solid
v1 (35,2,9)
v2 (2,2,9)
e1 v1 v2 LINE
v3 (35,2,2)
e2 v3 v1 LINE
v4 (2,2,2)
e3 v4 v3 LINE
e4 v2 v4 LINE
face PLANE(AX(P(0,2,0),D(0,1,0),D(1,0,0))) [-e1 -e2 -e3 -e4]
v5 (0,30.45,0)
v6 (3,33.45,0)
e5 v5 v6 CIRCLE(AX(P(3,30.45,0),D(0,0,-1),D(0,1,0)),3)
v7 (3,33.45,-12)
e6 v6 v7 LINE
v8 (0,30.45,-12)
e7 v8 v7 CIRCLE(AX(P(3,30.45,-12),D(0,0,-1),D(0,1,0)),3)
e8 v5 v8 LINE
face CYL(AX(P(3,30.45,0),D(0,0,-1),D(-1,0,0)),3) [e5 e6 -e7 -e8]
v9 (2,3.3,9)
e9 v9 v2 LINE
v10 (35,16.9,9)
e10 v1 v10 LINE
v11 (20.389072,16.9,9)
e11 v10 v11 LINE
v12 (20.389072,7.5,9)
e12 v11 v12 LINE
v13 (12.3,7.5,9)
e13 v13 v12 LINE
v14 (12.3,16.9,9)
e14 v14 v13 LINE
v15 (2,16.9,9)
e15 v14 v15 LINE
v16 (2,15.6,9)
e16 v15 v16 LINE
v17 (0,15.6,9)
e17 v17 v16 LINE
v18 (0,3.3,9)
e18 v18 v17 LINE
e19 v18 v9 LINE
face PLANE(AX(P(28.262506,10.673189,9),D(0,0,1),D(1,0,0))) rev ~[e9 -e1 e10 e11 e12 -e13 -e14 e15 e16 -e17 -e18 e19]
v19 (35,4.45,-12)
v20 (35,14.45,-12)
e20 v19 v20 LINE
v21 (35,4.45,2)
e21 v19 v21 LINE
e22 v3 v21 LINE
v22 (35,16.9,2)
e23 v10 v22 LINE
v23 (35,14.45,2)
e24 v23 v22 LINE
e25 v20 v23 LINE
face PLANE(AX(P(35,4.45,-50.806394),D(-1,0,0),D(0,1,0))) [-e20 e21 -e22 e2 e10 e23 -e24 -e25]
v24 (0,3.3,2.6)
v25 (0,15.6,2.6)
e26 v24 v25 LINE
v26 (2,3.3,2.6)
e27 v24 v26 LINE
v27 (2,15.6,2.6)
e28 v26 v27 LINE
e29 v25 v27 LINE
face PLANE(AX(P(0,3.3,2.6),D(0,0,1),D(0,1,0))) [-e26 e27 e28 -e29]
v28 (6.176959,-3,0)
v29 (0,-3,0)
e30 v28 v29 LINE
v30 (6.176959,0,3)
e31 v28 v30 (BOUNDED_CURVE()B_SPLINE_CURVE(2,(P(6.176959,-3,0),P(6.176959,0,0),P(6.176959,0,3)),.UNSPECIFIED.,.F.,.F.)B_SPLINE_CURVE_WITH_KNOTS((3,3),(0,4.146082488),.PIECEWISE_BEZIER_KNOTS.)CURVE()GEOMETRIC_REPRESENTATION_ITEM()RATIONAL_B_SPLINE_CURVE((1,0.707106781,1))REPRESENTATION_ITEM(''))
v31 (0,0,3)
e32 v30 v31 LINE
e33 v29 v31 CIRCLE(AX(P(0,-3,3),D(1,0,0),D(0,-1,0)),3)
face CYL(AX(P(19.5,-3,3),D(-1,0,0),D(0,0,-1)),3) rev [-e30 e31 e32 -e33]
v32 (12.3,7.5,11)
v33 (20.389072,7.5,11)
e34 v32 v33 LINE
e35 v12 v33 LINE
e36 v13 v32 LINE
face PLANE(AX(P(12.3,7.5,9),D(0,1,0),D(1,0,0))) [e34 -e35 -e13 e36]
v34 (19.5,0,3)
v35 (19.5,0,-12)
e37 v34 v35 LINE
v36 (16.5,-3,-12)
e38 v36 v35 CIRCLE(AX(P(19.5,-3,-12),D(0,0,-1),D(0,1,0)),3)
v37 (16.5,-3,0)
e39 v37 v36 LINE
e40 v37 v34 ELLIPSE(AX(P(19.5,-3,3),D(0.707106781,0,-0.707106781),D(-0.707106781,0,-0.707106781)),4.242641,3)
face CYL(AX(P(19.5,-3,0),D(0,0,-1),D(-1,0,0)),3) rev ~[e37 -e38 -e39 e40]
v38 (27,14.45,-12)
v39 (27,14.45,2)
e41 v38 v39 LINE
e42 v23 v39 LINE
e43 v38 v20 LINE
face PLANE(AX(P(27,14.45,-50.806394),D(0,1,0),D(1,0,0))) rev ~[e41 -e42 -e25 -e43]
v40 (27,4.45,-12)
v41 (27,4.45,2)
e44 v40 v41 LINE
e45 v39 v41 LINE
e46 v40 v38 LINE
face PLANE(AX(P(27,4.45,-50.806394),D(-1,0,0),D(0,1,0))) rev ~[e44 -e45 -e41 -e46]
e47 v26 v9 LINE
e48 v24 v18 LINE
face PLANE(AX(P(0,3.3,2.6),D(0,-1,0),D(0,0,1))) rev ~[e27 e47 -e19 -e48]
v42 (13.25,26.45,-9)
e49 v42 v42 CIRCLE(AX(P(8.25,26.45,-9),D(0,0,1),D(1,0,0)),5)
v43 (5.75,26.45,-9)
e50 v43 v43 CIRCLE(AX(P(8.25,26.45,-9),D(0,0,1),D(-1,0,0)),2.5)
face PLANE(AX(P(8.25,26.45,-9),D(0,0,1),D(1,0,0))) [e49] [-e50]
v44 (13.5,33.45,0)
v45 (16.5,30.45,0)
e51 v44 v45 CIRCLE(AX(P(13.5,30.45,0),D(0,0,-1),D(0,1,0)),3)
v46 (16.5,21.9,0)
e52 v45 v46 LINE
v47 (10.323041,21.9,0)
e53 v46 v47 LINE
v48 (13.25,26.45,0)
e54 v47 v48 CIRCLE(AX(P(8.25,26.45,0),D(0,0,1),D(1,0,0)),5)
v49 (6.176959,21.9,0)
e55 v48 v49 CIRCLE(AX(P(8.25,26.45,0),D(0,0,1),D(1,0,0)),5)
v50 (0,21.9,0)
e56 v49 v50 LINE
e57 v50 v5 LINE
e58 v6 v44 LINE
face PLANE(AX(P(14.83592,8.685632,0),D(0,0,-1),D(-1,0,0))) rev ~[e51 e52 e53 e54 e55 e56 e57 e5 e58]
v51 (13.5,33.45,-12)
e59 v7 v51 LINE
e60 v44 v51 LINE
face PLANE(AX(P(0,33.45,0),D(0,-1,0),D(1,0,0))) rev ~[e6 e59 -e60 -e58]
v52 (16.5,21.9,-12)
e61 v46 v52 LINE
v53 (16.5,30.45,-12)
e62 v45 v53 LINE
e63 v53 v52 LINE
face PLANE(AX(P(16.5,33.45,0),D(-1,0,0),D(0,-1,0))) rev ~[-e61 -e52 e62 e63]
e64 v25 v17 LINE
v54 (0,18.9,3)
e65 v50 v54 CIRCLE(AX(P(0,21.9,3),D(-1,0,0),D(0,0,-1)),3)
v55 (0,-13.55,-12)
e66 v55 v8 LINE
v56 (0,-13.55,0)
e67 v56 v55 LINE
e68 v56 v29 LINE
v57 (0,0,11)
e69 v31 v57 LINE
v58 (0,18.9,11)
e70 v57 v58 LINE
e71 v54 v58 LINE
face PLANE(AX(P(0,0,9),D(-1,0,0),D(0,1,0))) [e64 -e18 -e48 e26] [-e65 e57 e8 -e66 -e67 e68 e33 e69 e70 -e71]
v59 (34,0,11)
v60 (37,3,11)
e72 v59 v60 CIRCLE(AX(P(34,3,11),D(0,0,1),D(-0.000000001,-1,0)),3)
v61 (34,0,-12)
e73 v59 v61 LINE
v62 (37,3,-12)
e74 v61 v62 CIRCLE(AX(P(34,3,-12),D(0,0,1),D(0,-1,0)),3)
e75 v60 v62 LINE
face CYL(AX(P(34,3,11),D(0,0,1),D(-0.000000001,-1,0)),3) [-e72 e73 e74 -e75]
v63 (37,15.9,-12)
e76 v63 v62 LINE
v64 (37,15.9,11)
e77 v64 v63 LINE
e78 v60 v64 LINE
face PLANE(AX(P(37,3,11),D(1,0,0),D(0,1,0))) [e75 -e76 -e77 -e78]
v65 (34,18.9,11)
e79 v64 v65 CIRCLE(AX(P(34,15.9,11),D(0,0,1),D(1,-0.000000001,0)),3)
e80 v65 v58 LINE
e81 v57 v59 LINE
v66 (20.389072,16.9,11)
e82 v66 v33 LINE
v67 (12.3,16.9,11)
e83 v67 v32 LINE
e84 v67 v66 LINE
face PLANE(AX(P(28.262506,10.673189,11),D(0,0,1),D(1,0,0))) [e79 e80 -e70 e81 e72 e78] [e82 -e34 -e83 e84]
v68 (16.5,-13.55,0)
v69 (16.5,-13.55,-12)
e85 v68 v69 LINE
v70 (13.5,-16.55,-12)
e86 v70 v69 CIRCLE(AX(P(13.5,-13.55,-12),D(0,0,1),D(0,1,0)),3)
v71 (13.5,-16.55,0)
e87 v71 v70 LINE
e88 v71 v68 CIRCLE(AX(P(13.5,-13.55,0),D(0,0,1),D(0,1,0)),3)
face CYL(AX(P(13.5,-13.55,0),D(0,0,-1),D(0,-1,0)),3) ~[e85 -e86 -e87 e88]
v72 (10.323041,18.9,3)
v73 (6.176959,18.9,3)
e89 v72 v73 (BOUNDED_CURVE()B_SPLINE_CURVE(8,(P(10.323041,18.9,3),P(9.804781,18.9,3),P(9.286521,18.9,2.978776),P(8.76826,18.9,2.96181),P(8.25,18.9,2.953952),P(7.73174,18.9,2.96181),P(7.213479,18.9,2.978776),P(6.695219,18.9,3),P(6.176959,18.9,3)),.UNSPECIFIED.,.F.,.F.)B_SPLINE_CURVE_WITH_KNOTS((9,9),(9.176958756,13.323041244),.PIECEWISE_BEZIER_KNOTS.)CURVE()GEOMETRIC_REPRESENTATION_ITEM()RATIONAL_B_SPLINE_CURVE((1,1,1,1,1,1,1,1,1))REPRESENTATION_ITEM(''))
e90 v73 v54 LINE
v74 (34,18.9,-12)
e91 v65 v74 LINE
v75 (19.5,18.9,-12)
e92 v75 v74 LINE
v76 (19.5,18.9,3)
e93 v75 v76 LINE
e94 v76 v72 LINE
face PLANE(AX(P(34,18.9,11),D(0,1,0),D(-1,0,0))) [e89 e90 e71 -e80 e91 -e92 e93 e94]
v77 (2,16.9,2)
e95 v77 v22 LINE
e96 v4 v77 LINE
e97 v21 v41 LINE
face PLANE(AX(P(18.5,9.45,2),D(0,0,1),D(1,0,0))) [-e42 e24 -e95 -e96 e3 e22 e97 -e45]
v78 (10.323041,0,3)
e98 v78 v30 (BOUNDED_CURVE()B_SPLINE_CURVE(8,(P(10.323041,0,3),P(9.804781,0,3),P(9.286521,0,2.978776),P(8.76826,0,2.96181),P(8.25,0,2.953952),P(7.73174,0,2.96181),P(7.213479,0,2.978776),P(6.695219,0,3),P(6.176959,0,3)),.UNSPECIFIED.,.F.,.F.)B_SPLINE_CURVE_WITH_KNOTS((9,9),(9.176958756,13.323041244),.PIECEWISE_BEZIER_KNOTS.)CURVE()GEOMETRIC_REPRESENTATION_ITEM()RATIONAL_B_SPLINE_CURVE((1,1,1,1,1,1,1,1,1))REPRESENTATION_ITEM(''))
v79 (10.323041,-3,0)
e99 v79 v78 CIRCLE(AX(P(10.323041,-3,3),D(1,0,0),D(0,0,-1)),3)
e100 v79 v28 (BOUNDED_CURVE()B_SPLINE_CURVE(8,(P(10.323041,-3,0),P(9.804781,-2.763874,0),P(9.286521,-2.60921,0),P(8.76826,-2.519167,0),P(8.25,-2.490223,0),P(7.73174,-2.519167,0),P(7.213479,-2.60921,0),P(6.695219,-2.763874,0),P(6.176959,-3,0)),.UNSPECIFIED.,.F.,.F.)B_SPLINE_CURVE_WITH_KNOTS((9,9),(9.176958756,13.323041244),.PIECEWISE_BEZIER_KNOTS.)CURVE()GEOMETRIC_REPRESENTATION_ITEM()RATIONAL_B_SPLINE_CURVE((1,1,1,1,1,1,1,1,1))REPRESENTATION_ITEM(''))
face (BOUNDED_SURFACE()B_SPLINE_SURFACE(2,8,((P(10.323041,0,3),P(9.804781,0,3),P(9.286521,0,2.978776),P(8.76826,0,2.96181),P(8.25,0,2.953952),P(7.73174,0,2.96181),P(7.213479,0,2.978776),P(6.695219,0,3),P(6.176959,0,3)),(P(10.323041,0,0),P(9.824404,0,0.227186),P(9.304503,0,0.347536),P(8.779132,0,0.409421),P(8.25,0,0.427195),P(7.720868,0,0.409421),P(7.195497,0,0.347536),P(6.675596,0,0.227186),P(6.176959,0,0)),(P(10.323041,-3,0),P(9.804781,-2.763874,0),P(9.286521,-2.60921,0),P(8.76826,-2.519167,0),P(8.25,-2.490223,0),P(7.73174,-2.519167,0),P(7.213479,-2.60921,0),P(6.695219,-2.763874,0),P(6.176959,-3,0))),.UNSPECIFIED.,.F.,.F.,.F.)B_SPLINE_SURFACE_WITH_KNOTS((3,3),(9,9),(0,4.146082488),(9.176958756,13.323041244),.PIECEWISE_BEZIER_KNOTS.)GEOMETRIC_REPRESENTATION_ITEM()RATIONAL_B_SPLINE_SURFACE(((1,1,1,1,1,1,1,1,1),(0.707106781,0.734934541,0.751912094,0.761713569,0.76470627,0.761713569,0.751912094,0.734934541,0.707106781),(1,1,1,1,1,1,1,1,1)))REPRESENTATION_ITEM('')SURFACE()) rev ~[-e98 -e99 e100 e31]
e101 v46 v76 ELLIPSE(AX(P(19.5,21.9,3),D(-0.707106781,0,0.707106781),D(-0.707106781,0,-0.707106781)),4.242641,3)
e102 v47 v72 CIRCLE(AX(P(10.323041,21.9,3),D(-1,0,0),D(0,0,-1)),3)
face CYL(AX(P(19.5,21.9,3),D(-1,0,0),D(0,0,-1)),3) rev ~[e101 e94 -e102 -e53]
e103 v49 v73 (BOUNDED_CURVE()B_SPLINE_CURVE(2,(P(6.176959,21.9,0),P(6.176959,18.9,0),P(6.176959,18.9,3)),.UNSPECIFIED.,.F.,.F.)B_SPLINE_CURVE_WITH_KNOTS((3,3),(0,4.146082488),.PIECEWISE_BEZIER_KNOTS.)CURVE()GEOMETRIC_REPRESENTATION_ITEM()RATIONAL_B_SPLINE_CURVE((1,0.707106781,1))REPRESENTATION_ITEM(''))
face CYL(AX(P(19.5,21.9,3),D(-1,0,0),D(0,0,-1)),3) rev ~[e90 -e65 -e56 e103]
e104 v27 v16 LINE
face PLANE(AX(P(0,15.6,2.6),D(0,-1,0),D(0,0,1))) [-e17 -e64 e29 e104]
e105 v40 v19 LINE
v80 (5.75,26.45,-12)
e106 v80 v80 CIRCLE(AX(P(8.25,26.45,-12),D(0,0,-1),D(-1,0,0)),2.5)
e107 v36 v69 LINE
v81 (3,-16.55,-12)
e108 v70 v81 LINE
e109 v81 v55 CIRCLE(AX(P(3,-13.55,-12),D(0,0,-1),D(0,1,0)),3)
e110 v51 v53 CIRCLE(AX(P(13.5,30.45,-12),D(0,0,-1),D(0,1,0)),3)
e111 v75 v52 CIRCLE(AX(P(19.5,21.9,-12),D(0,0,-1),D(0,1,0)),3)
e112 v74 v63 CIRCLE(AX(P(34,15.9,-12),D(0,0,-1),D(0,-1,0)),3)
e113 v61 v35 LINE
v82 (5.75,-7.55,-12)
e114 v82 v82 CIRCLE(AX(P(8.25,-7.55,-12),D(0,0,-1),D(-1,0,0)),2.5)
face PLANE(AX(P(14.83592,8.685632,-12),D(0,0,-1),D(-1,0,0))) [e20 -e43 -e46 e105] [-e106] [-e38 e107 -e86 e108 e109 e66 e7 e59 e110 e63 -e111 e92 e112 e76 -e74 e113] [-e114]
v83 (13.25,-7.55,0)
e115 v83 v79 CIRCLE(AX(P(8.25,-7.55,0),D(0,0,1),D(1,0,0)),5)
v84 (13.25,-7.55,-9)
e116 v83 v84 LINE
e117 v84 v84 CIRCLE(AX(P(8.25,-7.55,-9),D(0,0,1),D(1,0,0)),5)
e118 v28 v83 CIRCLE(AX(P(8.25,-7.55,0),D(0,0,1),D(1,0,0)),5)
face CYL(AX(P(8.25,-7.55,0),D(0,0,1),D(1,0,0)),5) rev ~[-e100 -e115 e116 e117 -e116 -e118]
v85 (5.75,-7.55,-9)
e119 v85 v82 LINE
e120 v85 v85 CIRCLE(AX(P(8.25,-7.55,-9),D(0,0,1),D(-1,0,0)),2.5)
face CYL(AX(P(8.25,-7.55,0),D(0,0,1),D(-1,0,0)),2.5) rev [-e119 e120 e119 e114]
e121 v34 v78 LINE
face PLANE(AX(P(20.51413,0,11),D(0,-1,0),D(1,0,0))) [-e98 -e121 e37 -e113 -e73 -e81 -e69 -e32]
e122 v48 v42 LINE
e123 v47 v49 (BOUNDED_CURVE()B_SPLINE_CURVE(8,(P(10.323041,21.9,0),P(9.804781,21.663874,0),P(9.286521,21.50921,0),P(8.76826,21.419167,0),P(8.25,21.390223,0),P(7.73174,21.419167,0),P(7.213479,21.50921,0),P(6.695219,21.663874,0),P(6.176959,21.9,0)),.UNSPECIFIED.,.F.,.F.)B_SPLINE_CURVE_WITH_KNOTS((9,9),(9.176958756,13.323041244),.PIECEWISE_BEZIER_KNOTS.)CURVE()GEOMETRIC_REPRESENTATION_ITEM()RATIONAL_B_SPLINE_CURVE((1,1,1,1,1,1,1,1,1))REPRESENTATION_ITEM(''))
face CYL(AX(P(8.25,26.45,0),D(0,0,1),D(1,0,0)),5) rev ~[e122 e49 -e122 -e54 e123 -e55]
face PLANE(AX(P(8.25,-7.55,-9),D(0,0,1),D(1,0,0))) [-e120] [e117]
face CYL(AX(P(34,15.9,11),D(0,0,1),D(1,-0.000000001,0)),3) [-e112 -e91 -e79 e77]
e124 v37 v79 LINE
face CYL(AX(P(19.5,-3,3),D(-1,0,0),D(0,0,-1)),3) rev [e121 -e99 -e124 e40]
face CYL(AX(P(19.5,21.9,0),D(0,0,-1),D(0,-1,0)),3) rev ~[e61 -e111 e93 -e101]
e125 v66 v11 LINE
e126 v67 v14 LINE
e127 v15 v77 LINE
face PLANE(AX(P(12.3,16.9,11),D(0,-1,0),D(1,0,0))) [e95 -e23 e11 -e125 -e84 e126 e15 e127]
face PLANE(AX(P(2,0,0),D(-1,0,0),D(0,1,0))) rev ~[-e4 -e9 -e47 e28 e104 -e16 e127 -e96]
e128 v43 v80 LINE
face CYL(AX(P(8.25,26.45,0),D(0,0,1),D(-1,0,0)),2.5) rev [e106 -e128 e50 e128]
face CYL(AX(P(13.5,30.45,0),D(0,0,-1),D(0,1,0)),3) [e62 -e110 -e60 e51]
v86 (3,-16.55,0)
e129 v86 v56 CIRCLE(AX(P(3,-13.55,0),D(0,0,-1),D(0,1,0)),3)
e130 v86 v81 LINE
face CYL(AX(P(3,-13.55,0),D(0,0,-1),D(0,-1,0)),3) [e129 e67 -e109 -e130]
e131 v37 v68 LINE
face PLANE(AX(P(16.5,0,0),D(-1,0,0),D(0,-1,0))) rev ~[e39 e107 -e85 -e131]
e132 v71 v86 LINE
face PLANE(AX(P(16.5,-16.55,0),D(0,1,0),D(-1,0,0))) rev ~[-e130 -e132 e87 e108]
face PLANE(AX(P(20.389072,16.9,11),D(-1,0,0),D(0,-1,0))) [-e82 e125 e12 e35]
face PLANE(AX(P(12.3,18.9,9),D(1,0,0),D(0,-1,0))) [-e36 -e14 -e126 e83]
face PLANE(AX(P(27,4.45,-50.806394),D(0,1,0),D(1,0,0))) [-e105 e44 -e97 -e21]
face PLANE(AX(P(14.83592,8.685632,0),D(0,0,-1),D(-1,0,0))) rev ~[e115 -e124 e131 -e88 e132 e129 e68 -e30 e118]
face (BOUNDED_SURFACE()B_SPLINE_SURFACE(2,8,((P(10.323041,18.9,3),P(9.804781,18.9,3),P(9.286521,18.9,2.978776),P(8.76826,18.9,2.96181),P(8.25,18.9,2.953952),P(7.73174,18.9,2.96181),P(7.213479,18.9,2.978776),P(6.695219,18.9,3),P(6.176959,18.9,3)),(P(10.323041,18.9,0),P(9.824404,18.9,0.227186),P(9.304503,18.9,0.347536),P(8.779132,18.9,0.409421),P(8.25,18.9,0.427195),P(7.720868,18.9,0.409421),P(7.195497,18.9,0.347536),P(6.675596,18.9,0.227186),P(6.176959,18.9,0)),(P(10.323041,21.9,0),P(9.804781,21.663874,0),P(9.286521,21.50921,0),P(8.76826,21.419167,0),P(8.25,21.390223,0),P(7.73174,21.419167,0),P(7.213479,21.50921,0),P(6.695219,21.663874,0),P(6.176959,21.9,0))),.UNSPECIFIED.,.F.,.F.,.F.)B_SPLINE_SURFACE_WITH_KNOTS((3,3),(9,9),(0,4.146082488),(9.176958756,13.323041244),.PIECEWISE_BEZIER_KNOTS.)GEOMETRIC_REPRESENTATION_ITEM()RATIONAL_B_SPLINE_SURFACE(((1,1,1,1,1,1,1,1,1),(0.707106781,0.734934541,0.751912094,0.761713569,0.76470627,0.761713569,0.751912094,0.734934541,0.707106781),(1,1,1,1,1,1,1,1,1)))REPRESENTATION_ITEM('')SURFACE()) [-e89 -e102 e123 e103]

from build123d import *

# Parameters (mm, degrees)
CROQUIS1_W                 = 37
CROQUIS1_H                 = 18.9
SALIENTE_EXTRUIR1_DEPTH    = 9
VACIADO1_T                 = -2
CROQUIS2_W                 = 12.8
CROQUIS2_H                 = 12.3
CORTAR_EXTRUIR1_DEPTH      = 9
CROQUIS3_R                 = 2.5
SALIENTE_EXTRUIR2_DEPTH    = 12
CROQUIS4_R                 = 5
CORTAR_EXTRUIR2_DEPTH      = 9
REDONDEO1_R                = 3
CORTAR_EXTRUIR3_DEPTH      = 52.806394393
CORTAR_EXTRUIR3_DEPTH_BACK = 52.806394393
CROQUIS5_W                 = 8
CROQUIS5_H                 = 10
SALIENTE_EXTRUIR3_DEPTH    = 2
SALIENTE_EXTRUIR4_START    = 2
SALIENTE_EXTRUIR4_DEPTH    = 2
REDONDEO2_R                = 3


with BuildPart() as part:
    # Croquis1 → Saliente-Extruir1 (new body)
    with BuildSketch(Plane.XY):
        with Locations((18.5, 9.45)):
            Rectangle(CROQUIS1_W, CROQUIS1_H)
    extrude(amount=SALIENTE_EXTRUIR1_DEPTH)

    # Vaciado1
    vaciado1_openings = [part.faces().sort_by_distance(p)[0] for p in [
        (18.5, 9.45, 9),
    ]]
    offset(amount=VACIADO1_T, openings=vaciado1_openings, kind=Kind.INTERSECTION)

    # Croquis2 → Cortar-Extruir1 (cut)
    with BuildSketch(Plane.ZY):
        with Locations((9, 9.45)):
            Rectangle(CROQUIS2_W, CROQUIS2_H)
    extrude(amount=-CORTAR_EXTRUIR1_DEPTH, mode=Mode.SUBTRACT)

    # Croquis3 → Saliente-Extruir2 (add)
    with BuildSketch(Plane(origin=(0, 0, 0), x_dir=(-1, 0, 0), z_dir=(0, 0, -1))):
        Polygon((-16.5, -16.55), (0, -16.55), (0, 33.45), (-16.5, 33.45), (-16.5, 18.9), (-37, 18.9), (-37, 0), (-16.5, 0), align=None)
        with Locations((-8.25, 26.45)):
            Circle(CROQUIS3_R, mode=Mode.SUBTRACT)
        with Locations((-8.25, -7.55)):
            Circle(CROQUIS3_R, mode=Mode.SUBTRACT)
    extrude(amount=SALIENTE_EXTRUIR2_DEPTH)

    # Croquis4 → Cortar-Extruir2 (cut)
    with BuildSketch(Plane.XY):
        with Locations((8.25, -7.55)):
            Circle(CROQUIS4_R)
        with Locations((8.25, 26.45)):
            Circle(CROQUIS4_R)
    extrude(amount=-CORTAR_EXTRUIR2_DEPTH, mode=Mode.SUBTRACT)

    # Redondeo1
    redondeo1_edges = [part.edges().sort_by_distance(p)[0] for p in [
        (16.5, 33.45, -6),
        (16.5, 18.9, -6),
        (16.5, 0, -6),
        (16.5, -16.55, -6),
        (0, -16.55, -6),
        (0, 33.45, -6),
        (37, 18.9, -1.5),
        (37, 0, -1.5),
    ]]
    fillet(redondeo1_edges, radius=REDONDEO1_R)

    # Croquis5 → Cortar-Extruir3 (cut, two sides: drawn at the far end of the back side and taken through both)
    with BuildSketch(Plane.XY.offset(2).offset(-CORTAR_EXTRUIR3_DEPTH_BACK)):
        with Locations((31, 9.45)):
            Rectangle(CROQUIS5_W, CROQUIS5_H)
    extrude(amount=CORTAR_EXTRUIR3_DEPTH + CORTAR_EXTRUIR3_DEPTH_BACK, mode=Mode.SUBTRACT)

    # Croquis7 → Saliente-Extruir3 (add)
    with BuildSketch(Plane.XY.offset(9)):
        Polygon((0, 18.9), (12.3, 18.9), (12.3, 7.5), (20.514130343, 7.5), (20.514130343, 2), (20.514130343, 0), (12.3, 0), (0, 0), align=None)
    extrude(amount=SALIENTE_EXTRUIR3_DEPTH)

    # Croquis8 → Saliente-Extruir4 (add)
    with BuildSketch(Plane.XY.offset(9).offset(SALIENTE_EXTRUIR4_START)):
        with BuildLine():
            Line((35, 2), (20.514130343, 2))
            Line((20.514130343, 2), (20.514130343, 0))
            Line((20.514130343, 0), (34, 0))
            ThreePointArc((34, 0), (36.121320344, 0.878679656), (37, 3))
            Line((37, 3), (37, 15.9))
            ThreePointArc((37, 15.9), (36.121320344, 18.021320344), (34, 18.9))
            Line((34, 18.9), (12.3, 18.9))
            Line((12.3, 18.9), (12.3, 16.9))
            Line((12.3, 16.9), (20.389072173, 16.9))
            Line((20.389072173, 16.9), (35, 16.9))
            Line((35, 16.9), (35, 2))
        make_face()
        Polygon((20.389072173, 2), (20.514130343, 2), (35, 2), (35, 16.9), (20.389072173, 16.9), align=None)
    extrude(amount=-SALIENTE_EXTRUIR4_DEPTH)

    # Redondeo2
    redondeo2_edges = [part.edges().sort_by_distance(p)[0] for p in [
        (9.75, 18.9, 0),
        (9.75, 0, 0),
    ]]
    fillet(redondeo2_edges, radius=REDONDEO2_R)


solid = part.part
